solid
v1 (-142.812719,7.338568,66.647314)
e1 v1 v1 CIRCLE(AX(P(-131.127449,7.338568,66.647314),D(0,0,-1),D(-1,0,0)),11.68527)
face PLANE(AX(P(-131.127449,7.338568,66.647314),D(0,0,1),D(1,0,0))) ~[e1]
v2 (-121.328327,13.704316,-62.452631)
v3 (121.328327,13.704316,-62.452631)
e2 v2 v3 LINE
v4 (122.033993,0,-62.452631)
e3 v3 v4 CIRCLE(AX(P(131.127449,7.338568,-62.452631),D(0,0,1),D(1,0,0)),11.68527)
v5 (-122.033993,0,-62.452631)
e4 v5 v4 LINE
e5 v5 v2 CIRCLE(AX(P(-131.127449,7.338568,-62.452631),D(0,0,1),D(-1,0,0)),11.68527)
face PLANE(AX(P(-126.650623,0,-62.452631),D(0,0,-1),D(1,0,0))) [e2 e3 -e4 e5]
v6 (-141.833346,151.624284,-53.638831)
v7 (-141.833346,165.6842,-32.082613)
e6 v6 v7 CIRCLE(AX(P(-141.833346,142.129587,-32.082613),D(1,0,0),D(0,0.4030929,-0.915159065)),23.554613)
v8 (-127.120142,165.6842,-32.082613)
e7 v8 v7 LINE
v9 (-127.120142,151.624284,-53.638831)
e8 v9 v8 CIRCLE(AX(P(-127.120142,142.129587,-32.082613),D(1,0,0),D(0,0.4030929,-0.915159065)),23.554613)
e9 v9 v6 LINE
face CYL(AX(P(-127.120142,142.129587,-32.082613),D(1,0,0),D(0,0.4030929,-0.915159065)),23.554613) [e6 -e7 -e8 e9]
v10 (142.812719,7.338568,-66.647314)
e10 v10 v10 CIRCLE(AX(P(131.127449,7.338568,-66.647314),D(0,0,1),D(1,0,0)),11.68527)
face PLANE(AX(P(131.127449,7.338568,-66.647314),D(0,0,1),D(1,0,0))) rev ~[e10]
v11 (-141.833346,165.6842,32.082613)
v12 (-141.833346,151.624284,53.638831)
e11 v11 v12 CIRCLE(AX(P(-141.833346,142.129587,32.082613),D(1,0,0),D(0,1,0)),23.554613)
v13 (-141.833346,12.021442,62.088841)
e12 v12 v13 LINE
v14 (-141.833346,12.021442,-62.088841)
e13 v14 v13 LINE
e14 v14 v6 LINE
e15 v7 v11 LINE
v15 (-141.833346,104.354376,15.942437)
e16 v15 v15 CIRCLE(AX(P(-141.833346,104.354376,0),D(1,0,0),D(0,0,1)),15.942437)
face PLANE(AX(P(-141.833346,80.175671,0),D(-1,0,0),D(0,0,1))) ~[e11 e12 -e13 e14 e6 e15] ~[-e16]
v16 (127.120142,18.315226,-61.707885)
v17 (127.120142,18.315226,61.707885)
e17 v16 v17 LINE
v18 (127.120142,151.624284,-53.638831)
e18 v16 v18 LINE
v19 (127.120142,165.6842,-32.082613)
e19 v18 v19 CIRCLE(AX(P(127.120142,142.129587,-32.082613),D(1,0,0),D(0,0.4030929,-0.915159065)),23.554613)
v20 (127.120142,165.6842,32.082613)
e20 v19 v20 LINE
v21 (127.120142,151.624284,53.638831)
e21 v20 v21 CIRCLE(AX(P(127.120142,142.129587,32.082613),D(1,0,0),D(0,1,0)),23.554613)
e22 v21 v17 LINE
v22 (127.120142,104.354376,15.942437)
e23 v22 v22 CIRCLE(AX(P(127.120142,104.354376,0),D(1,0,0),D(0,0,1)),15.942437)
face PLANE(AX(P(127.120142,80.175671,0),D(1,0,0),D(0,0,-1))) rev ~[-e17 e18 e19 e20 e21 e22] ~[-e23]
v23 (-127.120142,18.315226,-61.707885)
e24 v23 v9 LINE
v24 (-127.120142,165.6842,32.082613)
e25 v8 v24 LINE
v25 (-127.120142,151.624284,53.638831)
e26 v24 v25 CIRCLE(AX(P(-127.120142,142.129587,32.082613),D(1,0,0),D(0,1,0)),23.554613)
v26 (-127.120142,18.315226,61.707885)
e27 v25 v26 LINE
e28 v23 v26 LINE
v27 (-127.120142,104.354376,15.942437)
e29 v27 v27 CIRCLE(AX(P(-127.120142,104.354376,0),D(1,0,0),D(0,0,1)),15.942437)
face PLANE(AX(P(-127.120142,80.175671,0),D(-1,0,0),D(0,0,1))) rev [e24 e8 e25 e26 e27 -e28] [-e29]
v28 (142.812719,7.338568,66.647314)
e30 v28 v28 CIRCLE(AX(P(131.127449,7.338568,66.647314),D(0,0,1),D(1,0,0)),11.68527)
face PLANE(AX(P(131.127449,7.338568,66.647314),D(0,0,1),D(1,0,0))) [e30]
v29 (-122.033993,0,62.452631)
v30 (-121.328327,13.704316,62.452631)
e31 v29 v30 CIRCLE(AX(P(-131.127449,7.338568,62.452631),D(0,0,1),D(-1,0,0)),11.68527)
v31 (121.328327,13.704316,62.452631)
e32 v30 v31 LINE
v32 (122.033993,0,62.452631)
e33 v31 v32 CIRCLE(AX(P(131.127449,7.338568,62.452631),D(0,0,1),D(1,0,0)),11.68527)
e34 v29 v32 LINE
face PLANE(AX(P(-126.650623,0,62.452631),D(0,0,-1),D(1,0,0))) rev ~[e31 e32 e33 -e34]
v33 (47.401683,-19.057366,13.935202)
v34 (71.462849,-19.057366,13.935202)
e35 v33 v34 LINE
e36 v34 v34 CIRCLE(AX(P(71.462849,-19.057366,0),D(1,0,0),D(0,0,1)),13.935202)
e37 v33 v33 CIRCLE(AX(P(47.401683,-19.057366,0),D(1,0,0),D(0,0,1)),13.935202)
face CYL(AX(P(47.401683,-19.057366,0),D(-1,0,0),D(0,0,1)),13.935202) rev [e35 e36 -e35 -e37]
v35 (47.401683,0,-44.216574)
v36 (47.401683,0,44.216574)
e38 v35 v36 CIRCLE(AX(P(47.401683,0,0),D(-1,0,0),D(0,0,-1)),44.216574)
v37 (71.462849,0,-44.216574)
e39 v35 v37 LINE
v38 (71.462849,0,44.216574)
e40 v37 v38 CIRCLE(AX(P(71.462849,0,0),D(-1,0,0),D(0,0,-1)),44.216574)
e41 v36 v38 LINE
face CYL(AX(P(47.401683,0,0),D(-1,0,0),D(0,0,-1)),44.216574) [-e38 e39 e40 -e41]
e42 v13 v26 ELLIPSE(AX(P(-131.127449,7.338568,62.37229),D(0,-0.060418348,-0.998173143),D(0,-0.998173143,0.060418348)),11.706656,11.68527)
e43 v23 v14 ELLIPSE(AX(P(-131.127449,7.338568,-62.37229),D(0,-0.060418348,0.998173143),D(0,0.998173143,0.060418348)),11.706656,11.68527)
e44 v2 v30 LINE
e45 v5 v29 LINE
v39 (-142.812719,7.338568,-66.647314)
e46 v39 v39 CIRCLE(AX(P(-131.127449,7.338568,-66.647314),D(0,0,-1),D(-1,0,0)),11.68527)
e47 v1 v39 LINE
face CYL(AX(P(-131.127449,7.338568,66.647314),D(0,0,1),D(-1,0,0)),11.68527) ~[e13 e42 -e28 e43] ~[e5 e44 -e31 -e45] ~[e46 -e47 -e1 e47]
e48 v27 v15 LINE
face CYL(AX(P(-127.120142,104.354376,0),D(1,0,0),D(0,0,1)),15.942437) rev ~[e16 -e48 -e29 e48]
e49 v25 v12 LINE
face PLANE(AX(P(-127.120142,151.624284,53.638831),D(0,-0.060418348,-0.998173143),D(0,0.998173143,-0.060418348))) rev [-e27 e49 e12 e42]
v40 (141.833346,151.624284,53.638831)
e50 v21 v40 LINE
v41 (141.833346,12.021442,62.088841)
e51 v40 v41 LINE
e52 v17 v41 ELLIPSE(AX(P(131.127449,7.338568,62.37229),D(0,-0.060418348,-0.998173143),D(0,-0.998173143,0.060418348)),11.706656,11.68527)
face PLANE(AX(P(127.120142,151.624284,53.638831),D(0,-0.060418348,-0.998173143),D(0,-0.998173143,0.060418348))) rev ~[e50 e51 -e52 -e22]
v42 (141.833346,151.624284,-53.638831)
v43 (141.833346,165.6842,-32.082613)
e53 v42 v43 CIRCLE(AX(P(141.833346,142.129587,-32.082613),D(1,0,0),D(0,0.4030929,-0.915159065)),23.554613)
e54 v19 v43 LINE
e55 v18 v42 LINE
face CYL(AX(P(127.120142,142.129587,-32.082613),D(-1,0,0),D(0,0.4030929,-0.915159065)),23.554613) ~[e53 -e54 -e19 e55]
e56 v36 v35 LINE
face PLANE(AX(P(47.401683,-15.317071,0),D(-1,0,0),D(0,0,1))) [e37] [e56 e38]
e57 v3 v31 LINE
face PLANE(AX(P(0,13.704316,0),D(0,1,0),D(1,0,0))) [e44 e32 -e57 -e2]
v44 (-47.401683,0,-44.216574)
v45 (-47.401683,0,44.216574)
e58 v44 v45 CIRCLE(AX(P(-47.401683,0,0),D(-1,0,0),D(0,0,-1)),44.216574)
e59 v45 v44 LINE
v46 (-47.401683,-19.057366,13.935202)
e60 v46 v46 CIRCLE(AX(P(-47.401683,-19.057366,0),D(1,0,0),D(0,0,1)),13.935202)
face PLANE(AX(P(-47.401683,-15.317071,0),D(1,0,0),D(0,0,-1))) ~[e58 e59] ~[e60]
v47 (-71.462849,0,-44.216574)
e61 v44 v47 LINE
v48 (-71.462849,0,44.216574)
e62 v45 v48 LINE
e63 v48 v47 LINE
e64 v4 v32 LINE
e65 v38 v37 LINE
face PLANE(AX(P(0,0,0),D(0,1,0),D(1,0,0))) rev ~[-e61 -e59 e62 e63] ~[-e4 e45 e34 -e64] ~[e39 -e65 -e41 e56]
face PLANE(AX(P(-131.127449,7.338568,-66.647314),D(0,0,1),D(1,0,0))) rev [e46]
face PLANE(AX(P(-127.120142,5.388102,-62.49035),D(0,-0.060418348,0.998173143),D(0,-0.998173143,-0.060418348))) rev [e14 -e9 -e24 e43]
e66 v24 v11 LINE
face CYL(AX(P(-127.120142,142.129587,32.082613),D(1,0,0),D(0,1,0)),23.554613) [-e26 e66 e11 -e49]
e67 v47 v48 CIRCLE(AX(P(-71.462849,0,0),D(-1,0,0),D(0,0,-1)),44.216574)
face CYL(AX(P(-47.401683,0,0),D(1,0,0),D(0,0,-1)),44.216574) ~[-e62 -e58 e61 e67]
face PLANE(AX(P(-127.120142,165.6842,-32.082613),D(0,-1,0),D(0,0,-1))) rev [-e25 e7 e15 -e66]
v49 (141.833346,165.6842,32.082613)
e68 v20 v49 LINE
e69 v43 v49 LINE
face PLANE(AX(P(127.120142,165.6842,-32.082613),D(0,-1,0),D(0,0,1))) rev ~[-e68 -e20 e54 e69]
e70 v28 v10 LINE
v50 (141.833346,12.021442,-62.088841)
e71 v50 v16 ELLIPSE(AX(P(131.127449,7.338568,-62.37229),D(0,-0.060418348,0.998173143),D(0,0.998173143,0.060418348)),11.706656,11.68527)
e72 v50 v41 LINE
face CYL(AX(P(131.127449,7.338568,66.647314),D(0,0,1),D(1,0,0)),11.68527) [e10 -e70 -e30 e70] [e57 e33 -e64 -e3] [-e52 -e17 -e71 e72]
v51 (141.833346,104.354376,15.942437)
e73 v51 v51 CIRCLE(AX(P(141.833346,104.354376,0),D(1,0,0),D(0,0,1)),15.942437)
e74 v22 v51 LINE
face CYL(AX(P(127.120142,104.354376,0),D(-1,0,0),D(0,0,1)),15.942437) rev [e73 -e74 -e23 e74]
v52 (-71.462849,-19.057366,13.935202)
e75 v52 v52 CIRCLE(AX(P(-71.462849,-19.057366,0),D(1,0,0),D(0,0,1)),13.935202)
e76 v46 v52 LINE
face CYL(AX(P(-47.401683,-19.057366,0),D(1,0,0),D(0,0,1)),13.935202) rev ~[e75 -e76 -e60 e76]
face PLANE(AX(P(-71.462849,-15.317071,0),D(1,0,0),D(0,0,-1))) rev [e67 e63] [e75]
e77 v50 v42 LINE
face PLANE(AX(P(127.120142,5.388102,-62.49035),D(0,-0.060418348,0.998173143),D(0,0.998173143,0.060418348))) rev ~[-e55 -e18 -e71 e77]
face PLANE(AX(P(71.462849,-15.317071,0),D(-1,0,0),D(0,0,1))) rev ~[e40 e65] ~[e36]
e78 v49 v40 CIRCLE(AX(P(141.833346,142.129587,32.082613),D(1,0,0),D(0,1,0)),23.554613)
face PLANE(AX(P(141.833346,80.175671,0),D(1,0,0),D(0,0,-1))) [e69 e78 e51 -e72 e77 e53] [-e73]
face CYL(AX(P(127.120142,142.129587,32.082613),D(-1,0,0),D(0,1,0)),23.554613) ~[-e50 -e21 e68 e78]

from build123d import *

# Parameters (mm, degrees)
SKETCH1_W           = 253.301246
SKETCH1_H           = 124.905262
BOSS_EXTRUDE1_DEPTH = 13.704316
SKETCH3_R           = 11.68527
BOSS_EXTRUDE6_DEPTH = 133.294628
SKETCH4_R           = 13.935202
BOSS_EXTRUDE7_DEPTH = 24.061166
SKETCH2_R           = 15.942437
BOSS_EXTRUDE8_DEPTH = 14.713204


with BuildPart() as part:
    # Sketch1 → Boss-Extrude1 (new body)
    with BuildSketch(Plane(origin=(0, 0, 0), x_dir=(1, 0, 0), z_dir=(0, 1, 0))):
        Rectangle(SKETCH1_W, SKETCH1_H)
    extrude(amount=BOSS_EXTRUDE1_DEPTH)

    # Sketch3 → Boss-Extrude6 (add)
    with BuildSketch(Plane.XY.offset(66.647314)):
        with Locations((131.1274492, 7.338568)):
            Circle(SKETCH3_R)
    boss_extrude6 = extrude(amount=-BOSS_EXTRUDE6_DEPTH)

    # Sketch4 → Boss-Extrude7 (add)
    with BuildSketch(Plane(origin=(47.4016832, 0, 0), x_dir=(0, 0, -1), z_dir=(1, 0, 0))):
        with BuildLine():
            Line((-44.216574, 0), (44.216574, 0))
            ThreePointArc((44.216574, 0), (0, -44.216574), (-44.216574, 0))
        make_face()
        with Locations(Location((0, -19.057366, 0), (0, 0, 180))):
            Circle(SKETCH4_R, mode=Mode.SUBTRACT)
    boss_extrude7 = extrude(amount=BOSS_EXTRUDE7_DEPTH)

    # Sketch2 → Boss-Extrude8 (add)
    with BuildSketch(Plane(origin=(127.120142, 0, 0), x_dir=(0, 0, -1), z_dir=(1, 0, 0))):
        with BuildLine():
            Line((-62.49035, 5.388102), (62.49035, 5.388102))
            Line((62.49035, 5.388102), (53.638831, 151.624284))
            ThreePointArc((53.638831, 151.624284), (44.950710882, 161.858546774), (32.082613, 165.6842))
            Line((32.082613, 165.6842), (-32.082613, 165.6842))
            ThreePointArc((-32.082613, 165.6842), (-44.950710882, 161.858546774), (-53.638831, 151.624284))
            Line((-53.638831, 151.624284), (-62.49035, 5.388102))
        make_face()
        with Locations(Location((0, 104.354376, 0), (0, 0, 180))):
            Circle(SKETCH2_R, mode=Mode.SUBTRACT)
    boss_extrude8 = extrude(amount=BOSS_EXTRUDE8_DEPTH)

    # Mirror5: Boss-Extrude6, Boss-Extrude7, Boss-Extrude8 across plane
    add(boss_extrude6.mirror(Plane(origin=(0, 0, 0), x_dir=(0, 0, 1), z_dir=(1, 0, 0))))
    add(boss_extrude7.mirror(Plane(origin=(0, 0, 0), x_dir=(0, 0, 1), z_dir=(1, 0, 0))))
    add(boss_extrude8.mirror(Plane(origin=(0, 0, 0), x_dir=(0, 0, 1), z_dir=(1, 0, 0))))


solid = part.part
